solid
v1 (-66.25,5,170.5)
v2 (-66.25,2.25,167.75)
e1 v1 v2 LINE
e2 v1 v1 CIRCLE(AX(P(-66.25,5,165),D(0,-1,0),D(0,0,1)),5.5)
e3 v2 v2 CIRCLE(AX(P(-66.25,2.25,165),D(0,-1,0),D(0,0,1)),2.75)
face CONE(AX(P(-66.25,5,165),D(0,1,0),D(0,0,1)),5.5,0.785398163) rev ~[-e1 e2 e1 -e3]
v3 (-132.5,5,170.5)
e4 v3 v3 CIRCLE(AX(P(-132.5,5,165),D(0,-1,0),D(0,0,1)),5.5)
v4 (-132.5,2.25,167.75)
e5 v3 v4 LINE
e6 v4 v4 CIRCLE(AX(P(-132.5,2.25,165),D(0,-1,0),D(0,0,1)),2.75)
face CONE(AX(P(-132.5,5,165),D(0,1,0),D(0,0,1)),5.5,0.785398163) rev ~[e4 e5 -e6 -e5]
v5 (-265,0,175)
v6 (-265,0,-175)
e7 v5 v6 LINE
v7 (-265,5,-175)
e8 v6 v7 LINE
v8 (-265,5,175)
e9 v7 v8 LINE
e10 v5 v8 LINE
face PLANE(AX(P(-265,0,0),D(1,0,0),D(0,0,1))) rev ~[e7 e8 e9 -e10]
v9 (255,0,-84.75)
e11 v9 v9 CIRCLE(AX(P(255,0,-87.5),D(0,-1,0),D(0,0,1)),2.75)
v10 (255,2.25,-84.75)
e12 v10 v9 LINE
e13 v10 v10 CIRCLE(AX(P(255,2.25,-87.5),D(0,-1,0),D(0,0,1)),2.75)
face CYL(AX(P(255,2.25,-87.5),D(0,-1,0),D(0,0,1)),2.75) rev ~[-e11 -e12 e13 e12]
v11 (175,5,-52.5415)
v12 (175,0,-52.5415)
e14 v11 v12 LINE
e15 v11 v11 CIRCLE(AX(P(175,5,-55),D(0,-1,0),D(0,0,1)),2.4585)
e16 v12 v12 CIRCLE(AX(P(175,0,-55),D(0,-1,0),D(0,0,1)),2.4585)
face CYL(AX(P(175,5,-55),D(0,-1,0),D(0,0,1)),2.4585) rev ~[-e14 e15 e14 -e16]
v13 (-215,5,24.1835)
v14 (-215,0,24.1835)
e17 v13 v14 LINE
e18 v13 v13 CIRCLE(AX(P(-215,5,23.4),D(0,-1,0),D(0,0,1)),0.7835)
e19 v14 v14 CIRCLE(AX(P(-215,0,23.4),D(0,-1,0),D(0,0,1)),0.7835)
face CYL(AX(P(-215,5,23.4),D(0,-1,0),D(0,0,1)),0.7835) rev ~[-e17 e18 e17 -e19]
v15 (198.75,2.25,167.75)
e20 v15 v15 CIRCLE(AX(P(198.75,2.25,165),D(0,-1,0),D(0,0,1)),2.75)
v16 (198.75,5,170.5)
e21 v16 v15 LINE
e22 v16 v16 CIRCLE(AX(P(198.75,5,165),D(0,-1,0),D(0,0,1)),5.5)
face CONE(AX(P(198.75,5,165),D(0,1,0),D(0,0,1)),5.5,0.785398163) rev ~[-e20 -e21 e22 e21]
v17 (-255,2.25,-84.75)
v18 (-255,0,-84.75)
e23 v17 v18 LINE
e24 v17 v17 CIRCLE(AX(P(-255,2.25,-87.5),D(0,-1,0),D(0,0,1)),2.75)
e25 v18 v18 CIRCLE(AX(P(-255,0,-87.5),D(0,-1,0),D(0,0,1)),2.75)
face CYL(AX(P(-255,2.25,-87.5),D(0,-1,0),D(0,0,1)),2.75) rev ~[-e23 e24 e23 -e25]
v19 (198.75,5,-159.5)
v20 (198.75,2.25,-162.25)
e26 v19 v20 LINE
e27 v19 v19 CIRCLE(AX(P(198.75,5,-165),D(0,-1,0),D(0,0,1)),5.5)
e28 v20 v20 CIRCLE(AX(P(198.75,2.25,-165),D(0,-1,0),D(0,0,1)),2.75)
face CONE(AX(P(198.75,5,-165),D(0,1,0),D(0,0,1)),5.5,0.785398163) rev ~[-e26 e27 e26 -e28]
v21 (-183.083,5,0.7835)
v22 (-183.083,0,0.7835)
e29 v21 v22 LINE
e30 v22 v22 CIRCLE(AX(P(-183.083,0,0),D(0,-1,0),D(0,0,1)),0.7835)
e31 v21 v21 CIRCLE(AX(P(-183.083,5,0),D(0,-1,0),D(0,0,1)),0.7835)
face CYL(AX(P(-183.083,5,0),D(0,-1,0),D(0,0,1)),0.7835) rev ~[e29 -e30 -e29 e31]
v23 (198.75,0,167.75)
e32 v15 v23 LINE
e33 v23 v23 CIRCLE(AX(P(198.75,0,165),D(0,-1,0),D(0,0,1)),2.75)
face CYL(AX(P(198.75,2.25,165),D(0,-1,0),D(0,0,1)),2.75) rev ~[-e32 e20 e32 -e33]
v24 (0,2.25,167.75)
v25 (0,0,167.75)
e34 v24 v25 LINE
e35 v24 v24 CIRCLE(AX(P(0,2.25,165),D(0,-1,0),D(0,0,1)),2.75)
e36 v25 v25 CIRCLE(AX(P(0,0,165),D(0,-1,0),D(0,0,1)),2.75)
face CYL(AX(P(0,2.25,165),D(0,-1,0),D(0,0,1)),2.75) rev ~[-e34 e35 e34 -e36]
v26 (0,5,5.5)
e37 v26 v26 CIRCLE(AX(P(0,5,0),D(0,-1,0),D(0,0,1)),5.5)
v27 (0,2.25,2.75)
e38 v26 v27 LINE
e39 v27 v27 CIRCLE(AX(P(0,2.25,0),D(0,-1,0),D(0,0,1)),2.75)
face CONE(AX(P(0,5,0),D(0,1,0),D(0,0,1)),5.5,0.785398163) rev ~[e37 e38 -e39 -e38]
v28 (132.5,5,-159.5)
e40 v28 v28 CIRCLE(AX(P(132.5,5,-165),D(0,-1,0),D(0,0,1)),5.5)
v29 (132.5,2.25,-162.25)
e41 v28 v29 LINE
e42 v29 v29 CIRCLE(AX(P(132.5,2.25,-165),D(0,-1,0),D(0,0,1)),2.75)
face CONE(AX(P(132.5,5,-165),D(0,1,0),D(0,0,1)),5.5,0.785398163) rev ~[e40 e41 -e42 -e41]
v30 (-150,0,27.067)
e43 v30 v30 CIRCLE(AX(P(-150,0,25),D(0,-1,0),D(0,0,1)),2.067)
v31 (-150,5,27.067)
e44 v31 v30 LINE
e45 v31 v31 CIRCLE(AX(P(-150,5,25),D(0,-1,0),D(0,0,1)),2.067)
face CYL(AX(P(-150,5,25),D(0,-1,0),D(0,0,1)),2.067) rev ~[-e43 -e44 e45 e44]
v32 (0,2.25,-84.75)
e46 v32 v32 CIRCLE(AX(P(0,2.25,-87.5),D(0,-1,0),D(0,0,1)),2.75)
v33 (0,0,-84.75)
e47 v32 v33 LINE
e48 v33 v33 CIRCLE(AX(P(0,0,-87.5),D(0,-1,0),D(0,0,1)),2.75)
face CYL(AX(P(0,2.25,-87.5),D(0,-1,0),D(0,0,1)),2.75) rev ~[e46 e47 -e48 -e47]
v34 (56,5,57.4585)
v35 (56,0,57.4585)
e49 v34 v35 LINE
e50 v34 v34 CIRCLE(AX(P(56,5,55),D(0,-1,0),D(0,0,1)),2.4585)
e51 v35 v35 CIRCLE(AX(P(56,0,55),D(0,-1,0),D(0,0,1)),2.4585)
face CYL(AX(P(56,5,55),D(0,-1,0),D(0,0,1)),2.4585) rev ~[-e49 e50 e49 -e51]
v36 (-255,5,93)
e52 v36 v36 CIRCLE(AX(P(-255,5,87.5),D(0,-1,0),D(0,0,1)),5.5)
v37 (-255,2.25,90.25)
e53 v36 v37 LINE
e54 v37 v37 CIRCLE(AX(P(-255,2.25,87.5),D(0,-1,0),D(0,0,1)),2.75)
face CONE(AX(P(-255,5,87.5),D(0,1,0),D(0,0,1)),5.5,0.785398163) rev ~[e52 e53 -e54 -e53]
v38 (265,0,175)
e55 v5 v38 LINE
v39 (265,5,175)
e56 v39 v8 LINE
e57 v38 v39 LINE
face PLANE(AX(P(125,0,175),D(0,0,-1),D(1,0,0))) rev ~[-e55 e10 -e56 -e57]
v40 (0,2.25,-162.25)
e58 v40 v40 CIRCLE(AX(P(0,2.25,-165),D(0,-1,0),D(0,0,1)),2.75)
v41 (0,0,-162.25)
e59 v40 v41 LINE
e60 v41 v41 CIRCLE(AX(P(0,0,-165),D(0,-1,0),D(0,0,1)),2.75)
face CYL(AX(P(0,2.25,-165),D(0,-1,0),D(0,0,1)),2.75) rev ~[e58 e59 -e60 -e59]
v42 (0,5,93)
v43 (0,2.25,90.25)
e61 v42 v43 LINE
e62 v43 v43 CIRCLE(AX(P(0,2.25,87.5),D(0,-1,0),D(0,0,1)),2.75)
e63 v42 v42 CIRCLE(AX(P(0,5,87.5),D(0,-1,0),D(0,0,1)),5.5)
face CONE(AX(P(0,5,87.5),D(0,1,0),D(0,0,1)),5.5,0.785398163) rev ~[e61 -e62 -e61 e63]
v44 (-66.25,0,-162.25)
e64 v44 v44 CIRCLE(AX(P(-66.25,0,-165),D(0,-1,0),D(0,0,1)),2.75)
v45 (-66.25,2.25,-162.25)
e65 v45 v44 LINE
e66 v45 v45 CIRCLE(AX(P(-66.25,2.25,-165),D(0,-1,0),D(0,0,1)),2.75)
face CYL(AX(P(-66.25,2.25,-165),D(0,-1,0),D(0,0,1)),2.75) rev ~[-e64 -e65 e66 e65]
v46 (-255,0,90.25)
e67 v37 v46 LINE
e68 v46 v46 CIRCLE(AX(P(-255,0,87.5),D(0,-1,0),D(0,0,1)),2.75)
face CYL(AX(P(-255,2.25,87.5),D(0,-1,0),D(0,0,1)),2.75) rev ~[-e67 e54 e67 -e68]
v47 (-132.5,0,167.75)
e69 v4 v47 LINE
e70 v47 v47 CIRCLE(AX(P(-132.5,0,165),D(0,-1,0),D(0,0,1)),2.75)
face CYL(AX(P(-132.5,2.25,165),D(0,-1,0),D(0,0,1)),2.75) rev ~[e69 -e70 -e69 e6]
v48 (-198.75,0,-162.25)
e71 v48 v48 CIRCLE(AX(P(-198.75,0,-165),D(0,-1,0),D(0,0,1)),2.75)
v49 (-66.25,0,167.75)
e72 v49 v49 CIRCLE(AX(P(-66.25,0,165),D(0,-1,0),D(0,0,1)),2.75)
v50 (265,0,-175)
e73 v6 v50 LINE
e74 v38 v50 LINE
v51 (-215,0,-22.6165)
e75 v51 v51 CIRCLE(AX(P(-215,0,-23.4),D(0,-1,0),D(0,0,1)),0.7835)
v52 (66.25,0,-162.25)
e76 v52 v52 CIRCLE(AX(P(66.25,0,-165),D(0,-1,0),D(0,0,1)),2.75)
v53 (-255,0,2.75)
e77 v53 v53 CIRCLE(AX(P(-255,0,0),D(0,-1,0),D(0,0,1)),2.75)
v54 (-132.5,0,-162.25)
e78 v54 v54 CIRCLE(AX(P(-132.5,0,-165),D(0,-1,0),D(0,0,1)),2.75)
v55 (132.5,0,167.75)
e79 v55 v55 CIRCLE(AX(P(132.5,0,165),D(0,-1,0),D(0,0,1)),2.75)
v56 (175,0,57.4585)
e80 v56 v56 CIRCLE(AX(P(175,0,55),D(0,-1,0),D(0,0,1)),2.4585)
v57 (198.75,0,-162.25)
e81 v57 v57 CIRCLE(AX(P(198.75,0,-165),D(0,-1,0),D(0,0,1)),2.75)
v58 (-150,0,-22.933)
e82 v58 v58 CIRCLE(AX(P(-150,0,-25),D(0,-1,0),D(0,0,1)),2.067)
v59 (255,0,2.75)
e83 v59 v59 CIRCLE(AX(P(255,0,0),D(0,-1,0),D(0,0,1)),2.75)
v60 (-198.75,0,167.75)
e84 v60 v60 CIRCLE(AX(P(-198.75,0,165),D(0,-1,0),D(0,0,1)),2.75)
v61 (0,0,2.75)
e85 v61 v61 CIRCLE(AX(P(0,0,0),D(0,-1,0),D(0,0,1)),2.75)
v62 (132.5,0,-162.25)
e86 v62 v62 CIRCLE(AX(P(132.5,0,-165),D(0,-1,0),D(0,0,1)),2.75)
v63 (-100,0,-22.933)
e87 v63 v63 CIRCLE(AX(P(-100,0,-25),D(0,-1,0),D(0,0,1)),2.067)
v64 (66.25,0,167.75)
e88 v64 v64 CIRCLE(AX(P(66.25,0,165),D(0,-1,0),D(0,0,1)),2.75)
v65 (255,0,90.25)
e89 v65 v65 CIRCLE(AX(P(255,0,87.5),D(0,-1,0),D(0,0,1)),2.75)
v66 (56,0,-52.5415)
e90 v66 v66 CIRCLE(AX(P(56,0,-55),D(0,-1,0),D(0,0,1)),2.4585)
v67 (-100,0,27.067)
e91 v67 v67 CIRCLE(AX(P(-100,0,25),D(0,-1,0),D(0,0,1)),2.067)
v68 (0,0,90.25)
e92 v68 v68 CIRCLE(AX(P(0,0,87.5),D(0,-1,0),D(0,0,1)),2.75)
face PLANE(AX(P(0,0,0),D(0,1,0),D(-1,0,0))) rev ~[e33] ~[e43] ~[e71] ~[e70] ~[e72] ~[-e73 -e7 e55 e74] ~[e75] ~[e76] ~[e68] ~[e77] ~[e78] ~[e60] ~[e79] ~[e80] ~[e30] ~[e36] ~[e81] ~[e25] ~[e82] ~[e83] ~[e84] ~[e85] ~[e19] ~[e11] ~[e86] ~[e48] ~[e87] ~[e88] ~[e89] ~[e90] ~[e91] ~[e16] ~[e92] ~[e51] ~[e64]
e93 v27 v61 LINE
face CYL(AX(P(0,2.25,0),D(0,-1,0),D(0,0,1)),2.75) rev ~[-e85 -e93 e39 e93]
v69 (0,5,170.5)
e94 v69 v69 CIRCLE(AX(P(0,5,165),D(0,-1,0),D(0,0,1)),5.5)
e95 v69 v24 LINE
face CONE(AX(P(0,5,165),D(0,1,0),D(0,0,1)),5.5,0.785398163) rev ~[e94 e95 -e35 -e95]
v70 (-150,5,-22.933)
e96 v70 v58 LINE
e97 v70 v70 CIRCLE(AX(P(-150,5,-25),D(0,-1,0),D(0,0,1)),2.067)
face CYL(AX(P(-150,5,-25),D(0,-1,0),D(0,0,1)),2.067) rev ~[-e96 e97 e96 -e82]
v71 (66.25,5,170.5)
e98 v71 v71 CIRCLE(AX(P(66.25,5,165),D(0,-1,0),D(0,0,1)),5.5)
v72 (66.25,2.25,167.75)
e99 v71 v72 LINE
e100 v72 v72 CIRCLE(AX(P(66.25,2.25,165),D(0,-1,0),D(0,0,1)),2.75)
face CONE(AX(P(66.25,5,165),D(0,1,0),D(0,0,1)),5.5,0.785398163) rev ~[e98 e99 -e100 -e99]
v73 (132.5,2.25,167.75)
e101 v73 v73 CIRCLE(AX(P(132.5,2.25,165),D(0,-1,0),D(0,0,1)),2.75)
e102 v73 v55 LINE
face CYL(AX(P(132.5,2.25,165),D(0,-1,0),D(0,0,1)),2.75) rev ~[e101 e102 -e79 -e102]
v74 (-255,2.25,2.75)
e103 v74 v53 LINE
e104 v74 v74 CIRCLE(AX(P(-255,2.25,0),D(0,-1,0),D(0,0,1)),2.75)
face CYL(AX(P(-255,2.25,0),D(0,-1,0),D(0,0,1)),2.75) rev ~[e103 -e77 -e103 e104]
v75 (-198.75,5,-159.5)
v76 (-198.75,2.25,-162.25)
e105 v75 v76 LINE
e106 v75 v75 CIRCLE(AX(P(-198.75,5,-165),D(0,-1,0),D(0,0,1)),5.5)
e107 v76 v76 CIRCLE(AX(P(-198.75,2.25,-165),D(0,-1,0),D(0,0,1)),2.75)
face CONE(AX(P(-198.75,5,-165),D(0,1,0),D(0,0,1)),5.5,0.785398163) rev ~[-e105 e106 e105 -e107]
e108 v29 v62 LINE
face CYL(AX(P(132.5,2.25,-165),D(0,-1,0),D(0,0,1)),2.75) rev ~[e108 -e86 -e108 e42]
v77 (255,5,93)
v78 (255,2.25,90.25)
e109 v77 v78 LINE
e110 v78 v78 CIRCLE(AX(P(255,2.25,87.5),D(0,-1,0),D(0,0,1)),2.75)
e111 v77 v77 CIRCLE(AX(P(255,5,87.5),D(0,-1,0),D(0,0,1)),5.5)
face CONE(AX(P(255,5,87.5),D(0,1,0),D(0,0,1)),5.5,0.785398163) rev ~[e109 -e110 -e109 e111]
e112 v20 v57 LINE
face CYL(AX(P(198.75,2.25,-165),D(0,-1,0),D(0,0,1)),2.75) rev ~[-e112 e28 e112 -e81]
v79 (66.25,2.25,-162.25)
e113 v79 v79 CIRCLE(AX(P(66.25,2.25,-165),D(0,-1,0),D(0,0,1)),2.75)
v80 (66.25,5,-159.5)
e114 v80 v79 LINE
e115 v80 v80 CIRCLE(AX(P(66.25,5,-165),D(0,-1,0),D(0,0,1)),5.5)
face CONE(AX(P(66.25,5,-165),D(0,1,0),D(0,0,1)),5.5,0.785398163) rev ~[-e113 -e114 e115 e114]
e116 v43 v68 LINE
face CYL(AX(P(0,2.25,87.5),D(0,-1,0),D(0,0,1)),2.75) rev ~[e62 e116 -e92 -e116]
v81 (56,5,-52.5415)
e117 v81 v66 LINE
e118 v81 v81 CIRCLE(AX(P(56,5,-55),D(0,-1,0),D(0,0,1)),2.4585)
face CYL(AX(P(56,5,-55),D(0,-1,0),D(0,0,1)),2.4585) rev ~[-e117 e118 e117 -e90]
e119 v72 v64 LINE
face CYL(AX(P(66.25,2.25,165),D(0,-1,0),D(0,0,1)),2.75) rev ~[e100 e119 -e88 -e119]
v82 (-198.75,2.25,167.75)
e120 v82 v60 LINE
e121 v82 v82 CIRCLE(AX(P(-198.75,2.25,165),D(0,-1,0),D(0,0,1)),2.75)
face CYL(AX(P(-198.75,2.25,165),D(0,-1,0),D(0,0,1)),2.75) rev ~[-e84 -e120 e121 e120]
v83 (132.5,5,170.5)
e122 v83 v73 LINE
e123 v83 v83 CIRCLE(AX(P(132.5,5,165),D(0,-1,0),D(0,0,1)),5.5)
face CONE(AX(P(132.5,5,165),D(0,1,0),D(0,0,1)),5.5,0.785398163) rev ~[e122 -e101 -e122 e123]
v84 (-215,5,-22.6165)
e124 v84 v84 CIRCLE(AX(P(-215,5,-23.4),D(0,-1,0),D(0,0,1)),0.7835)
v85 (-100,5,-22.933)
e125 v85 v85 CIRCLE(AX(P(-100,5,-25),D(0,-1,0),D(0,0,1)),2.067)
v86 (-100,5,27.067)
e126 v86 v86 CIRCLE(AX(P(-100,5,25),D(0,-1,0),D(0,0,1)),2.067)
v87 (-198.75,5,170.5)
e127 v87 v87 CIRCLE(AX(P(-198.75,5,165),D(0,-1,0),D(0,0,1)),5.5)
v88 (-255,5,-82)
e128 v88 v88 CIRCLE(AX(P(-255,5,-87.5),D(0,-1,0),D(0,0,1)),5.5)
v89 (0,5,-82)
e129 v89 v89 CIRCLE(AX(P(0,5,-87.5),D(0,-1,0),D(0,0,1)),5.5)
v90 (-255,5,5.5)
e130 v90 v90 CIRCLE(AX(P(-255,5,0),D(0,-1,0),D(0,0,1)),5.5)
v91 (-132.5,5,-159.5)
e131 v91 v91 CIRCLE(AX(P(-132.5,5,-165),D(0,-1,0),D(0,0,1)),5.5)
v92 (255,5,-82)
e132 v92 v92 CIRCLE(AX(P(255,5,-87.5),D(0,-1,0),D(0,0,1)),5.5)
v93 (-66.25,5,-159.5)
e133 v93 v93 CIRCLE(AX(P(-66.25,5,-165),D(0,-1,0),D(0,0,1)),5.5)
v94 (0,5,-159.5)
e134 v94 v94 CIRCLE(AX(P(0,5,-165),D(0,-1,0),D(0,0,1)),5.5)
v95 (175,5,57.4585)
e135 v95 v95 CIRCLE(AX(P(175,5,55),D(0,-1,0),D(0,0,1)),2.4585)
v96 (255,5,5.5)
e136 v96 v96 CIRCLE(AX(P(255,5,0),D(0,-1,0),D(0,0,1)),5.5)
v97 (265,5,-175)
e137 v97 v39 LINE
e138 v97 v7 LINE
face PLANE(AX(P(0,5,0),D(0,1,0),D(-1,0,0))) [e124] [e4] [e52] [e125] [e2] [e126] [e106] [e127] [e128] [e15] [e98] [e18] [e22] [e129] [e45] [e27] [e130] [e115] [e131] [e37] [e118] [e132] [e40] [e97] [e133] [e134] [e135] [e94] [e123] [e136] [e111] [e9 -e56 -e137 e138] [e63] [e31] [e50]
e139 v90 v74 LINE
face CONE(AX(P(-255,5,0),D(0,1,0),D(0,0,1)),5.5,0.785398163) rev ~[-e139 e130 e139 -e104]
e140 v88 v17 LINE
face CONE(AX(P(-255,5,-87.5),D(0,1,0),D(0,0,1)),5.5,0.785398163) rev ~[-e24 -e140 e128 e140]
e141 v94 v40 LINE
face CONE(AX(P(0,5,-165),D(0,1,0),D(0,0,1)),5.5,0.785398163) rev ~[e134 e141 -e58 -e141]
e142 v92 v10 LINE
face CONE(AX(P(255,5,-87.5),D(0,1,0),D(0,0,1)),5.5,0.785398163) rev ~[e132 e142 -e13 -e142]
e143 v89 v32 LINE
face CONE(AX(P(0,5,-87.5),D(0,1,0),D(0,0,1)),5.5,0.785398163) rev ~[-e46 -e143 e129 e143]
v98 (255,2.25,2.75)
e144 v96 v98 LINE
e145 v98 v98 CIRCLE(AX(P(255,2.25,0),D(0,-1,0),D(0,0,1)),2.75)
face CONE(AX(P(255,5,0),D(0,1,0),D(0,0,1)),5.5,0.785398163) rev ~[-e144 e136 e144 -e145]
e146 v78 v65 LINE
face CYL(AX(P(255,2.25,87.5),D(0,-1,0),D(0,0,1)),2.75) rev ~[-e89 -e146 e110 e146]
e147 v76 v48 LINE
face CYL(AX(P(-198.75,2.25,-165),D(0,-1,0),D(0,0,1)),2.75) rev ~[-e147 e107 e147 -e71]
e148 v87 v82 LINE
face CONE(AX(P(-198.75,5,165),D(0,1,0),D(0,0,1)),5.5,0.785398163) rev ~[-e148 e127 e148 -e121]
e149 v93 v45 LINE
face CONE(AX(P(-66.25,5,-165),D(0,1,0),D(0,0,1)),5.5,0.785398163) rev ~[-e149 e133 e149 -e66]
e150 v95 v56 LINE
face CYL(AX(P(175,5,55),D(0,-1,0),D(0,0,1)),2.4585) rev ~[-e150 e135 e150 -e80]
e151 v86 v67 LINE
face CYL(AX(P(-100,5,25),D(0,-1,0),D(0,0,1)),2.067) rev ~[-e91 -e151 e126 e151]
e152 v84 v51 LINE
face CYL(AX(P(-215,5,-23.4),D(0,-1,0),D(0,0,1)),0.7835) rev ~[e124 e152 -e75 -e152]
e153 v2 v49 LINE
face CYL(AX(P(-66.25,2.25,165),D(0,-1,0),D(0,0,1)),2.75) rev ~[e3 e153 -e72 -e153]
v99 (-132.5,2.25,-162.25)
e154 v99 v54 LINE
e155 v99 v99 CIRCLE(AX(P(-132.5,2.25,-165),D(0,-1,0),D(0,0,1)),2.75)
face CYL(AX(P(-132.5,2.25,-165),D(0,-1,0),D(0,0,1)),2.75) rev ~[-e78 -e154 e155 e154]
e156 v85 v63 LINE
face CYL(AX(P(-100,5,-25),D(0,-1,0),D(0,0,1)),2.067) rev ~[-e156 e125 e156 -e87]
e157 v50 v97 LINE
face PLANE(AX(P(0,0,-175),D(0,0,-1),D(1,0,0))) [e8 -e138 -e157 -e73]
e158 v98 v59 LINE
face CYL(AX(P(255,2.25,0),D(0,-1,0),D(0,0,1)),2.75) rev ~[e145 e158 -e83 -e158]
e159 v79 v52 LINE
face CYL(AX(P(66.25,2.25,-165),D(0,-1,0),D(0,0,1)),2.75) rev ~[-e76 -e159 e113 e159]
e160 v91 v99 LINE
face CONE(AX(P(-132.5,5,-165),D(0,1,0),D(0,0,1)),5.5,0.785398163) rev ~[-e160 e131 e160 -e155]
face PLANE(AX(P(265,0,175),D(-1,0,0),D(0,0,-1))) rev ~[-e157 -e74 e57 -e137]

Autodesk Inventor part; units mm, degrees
ref_plane "YZ Plane" through (0, 0, 0) normal (1, 0, 0) x (0, 1, 0)
ref_plane "XZ Plane" through (0, 0, 0) normal (0, 1, 0) x (-1, 0, 0)
ref_plane "XY Plane" through (0, 0, 0) normal (0, 0, 1) x (1, 0, 0)
sketch "Эскиз1" plane through (0, 0, 0) normal (0, 1, 0) x (-1, 0, 0)
  line L0 (-265, 175) -> (-265, -175)
  line L1 (265, -175) -> (265, 175)
  line L2 (0, -245) -> (0, 245) projected
  line L3 (371, 0) -> (-371, 0) projected
  line L4 (265, 175) -> (-265, 175)
  line L5 (-125, 175) -> (-265, 175)
  line L6 (265, -175) -> (-265, -175)
  point P0 (0, 0)
  dimension "d0" = 530
  dimension "d1" = 350
extrude "Выдавливание1" add sketch "Эскиз1" along normal blind 5
sketch "Эскиз2" plane through (0, 5, 0) normal (0, 1, 0) x (1, 0, 0)
  line L0 (0, 245) -> (0, -245) projected
  line L1 (-419, 0) -> (379, 0) projected
  line L2 (265, 175) -> (-265, 175) projected
  line L3 (265, -175) -> (265, 175) projected
  point P0 (0, 0)
  point P1 (0, 0)
  point P2 (255, 87.5)
  point P3 (0, 0)
  point P4 (255, 0)
  point P5 (255, -87.5)
  point P6 (0, 87.5)
  point P7 (0, 0)
  point P8 (0, -87.5)
  point P9 (-255, 87.5)
  point P10 (-255, 0)
  point P11 (-255, -87.5)
  point P12 (198.75, 165)
  point P13 (132.5, 165)
  point P14 (66.25, 165)
  point P15 (0, 165)
  point P16 (-66.25, 165)
  point P17 (-132.5, 165)
  point P18 (-198.75, 165)
  point P19 (198.75, -165)
  point P20 (132.5, -165)
  point P21 (66.25, -165)
  point P22 (0, -165)
  point P23 (-66.25, -165)
  point P24 (-132.5, -165)
  point P25 (-198.75, -165)
  dimension "d44" = 87.5
  dimension "d45" = 10
  dimension "d48" = 87.5
  dimension "d51" = 255
  dimension "d54" = 10
  dimension "d55" = 66.25
  dimension "d58" = 66.25
  dimension "d61" = 330
hole "Отверстие1" at (-198.75, 5, 165) at (-132.5, 5, 165) at (-66.25, 5, 165) at (-198.75, 5, -165) at (-132.5, 5, -165) at (-66.25, 5, -165) at (-255, 5, 87.5) at (-255, 5, 0) at (-255, 5, -87.5) at (0, 5, 165) at (66.25, 5, 165) at (132.5, 5, 165) at (198.75, 5, 165) at (0, 5, -165) at (66.25, 5, -165) at (132.5, 5, -165) at (198.75, 5, -165) at (0, 5, 87.5) at (0, 5, 0) at (0, 5, -87.5) at (255, 5, 87.5) at (255, 5, 0) at (255, 5, -87.5) direction (0, -1, 0) diameter 5.5 end through all countersink diameter 11 countersink angle 90
sketch "Эскиз3" plane through (0, 5, 0) normal (0, 1, 0) x (1, 0, 0)
  line L0 (-371, 0) -> (371, 0) projected
  line L1 (0, 245) -> (0, -245) projected
  point P0 (0, 0)
  point P1 (-150, 25)
  point P2 (-100, 25)
  point P3 (-150, -25)
  point P4 (-100, -25)
  dimension "d73" = 50
  dimension "d76" = 50
  dimension "d79" = 100
hole "Отверстие2" at (-150, 5, -25) at (-100, 5, 25) at (-100, 5, -25) at (-150, 5, 25) direction (0, -1, 0) diameter 4.134 end through all thread size "M5x0.8" class "6H" standard "ISO Metric profile"
sketch "Эскиз4" plane through (0, 5, 0) normal (0, 1, 0) x (1, 0, 0)
  line L0 (-371, 0) -> (371, 0) projected
  line L1 (-265, 175) -> (-265, -175) construction
  point P0 (0, 0)
  point P1 (-215, 23.4)
  point P2 (-215, -23.4)
  point P3 (-183.083, 0)
  dimension "d87" = 46.8
  dimension "d88" = 31.917
  dimension "d89" = 50
hole "Отверстие3" at (-215, 5, -23.4) at (-183.083, 5, 0) at (-215, 5, 23.4) direction (0, -1, 0) diameter 1.567 end through all thread size "M2x0.4" class "6H" standard "ISO Metric profile"
sketch "Эскиз6" plane through (0, 5, 0) normal (0, 1, 0) x (1, 0, 0)
  line L0 (-371, 0) -> (371, 0) projected
  line L1 (0, 245) -> (0, -245) projected
  line L2 (265, -175) -> (265, 175) projected
  point P0 (0, 0)
  point P1 (175, 55)
  point P2 (56, 55)
  point P3 (175, -55)
  point P4 (56, -55)
  dimension "d109" = 119
  dimension "d112" = 110
  dimension "d115" = 90
hole "Отверстие5" at (175, 5, -55) at (56, 5, 55) at (175, 5, 55) at (56, 5, -55) direction (0, -1, 0) diameter 4.917 end through all thread size "M6x1" class "6H" standard "ISO Metric profile"
properties part number "вверхняя плита" material "Алюминий 6061"
